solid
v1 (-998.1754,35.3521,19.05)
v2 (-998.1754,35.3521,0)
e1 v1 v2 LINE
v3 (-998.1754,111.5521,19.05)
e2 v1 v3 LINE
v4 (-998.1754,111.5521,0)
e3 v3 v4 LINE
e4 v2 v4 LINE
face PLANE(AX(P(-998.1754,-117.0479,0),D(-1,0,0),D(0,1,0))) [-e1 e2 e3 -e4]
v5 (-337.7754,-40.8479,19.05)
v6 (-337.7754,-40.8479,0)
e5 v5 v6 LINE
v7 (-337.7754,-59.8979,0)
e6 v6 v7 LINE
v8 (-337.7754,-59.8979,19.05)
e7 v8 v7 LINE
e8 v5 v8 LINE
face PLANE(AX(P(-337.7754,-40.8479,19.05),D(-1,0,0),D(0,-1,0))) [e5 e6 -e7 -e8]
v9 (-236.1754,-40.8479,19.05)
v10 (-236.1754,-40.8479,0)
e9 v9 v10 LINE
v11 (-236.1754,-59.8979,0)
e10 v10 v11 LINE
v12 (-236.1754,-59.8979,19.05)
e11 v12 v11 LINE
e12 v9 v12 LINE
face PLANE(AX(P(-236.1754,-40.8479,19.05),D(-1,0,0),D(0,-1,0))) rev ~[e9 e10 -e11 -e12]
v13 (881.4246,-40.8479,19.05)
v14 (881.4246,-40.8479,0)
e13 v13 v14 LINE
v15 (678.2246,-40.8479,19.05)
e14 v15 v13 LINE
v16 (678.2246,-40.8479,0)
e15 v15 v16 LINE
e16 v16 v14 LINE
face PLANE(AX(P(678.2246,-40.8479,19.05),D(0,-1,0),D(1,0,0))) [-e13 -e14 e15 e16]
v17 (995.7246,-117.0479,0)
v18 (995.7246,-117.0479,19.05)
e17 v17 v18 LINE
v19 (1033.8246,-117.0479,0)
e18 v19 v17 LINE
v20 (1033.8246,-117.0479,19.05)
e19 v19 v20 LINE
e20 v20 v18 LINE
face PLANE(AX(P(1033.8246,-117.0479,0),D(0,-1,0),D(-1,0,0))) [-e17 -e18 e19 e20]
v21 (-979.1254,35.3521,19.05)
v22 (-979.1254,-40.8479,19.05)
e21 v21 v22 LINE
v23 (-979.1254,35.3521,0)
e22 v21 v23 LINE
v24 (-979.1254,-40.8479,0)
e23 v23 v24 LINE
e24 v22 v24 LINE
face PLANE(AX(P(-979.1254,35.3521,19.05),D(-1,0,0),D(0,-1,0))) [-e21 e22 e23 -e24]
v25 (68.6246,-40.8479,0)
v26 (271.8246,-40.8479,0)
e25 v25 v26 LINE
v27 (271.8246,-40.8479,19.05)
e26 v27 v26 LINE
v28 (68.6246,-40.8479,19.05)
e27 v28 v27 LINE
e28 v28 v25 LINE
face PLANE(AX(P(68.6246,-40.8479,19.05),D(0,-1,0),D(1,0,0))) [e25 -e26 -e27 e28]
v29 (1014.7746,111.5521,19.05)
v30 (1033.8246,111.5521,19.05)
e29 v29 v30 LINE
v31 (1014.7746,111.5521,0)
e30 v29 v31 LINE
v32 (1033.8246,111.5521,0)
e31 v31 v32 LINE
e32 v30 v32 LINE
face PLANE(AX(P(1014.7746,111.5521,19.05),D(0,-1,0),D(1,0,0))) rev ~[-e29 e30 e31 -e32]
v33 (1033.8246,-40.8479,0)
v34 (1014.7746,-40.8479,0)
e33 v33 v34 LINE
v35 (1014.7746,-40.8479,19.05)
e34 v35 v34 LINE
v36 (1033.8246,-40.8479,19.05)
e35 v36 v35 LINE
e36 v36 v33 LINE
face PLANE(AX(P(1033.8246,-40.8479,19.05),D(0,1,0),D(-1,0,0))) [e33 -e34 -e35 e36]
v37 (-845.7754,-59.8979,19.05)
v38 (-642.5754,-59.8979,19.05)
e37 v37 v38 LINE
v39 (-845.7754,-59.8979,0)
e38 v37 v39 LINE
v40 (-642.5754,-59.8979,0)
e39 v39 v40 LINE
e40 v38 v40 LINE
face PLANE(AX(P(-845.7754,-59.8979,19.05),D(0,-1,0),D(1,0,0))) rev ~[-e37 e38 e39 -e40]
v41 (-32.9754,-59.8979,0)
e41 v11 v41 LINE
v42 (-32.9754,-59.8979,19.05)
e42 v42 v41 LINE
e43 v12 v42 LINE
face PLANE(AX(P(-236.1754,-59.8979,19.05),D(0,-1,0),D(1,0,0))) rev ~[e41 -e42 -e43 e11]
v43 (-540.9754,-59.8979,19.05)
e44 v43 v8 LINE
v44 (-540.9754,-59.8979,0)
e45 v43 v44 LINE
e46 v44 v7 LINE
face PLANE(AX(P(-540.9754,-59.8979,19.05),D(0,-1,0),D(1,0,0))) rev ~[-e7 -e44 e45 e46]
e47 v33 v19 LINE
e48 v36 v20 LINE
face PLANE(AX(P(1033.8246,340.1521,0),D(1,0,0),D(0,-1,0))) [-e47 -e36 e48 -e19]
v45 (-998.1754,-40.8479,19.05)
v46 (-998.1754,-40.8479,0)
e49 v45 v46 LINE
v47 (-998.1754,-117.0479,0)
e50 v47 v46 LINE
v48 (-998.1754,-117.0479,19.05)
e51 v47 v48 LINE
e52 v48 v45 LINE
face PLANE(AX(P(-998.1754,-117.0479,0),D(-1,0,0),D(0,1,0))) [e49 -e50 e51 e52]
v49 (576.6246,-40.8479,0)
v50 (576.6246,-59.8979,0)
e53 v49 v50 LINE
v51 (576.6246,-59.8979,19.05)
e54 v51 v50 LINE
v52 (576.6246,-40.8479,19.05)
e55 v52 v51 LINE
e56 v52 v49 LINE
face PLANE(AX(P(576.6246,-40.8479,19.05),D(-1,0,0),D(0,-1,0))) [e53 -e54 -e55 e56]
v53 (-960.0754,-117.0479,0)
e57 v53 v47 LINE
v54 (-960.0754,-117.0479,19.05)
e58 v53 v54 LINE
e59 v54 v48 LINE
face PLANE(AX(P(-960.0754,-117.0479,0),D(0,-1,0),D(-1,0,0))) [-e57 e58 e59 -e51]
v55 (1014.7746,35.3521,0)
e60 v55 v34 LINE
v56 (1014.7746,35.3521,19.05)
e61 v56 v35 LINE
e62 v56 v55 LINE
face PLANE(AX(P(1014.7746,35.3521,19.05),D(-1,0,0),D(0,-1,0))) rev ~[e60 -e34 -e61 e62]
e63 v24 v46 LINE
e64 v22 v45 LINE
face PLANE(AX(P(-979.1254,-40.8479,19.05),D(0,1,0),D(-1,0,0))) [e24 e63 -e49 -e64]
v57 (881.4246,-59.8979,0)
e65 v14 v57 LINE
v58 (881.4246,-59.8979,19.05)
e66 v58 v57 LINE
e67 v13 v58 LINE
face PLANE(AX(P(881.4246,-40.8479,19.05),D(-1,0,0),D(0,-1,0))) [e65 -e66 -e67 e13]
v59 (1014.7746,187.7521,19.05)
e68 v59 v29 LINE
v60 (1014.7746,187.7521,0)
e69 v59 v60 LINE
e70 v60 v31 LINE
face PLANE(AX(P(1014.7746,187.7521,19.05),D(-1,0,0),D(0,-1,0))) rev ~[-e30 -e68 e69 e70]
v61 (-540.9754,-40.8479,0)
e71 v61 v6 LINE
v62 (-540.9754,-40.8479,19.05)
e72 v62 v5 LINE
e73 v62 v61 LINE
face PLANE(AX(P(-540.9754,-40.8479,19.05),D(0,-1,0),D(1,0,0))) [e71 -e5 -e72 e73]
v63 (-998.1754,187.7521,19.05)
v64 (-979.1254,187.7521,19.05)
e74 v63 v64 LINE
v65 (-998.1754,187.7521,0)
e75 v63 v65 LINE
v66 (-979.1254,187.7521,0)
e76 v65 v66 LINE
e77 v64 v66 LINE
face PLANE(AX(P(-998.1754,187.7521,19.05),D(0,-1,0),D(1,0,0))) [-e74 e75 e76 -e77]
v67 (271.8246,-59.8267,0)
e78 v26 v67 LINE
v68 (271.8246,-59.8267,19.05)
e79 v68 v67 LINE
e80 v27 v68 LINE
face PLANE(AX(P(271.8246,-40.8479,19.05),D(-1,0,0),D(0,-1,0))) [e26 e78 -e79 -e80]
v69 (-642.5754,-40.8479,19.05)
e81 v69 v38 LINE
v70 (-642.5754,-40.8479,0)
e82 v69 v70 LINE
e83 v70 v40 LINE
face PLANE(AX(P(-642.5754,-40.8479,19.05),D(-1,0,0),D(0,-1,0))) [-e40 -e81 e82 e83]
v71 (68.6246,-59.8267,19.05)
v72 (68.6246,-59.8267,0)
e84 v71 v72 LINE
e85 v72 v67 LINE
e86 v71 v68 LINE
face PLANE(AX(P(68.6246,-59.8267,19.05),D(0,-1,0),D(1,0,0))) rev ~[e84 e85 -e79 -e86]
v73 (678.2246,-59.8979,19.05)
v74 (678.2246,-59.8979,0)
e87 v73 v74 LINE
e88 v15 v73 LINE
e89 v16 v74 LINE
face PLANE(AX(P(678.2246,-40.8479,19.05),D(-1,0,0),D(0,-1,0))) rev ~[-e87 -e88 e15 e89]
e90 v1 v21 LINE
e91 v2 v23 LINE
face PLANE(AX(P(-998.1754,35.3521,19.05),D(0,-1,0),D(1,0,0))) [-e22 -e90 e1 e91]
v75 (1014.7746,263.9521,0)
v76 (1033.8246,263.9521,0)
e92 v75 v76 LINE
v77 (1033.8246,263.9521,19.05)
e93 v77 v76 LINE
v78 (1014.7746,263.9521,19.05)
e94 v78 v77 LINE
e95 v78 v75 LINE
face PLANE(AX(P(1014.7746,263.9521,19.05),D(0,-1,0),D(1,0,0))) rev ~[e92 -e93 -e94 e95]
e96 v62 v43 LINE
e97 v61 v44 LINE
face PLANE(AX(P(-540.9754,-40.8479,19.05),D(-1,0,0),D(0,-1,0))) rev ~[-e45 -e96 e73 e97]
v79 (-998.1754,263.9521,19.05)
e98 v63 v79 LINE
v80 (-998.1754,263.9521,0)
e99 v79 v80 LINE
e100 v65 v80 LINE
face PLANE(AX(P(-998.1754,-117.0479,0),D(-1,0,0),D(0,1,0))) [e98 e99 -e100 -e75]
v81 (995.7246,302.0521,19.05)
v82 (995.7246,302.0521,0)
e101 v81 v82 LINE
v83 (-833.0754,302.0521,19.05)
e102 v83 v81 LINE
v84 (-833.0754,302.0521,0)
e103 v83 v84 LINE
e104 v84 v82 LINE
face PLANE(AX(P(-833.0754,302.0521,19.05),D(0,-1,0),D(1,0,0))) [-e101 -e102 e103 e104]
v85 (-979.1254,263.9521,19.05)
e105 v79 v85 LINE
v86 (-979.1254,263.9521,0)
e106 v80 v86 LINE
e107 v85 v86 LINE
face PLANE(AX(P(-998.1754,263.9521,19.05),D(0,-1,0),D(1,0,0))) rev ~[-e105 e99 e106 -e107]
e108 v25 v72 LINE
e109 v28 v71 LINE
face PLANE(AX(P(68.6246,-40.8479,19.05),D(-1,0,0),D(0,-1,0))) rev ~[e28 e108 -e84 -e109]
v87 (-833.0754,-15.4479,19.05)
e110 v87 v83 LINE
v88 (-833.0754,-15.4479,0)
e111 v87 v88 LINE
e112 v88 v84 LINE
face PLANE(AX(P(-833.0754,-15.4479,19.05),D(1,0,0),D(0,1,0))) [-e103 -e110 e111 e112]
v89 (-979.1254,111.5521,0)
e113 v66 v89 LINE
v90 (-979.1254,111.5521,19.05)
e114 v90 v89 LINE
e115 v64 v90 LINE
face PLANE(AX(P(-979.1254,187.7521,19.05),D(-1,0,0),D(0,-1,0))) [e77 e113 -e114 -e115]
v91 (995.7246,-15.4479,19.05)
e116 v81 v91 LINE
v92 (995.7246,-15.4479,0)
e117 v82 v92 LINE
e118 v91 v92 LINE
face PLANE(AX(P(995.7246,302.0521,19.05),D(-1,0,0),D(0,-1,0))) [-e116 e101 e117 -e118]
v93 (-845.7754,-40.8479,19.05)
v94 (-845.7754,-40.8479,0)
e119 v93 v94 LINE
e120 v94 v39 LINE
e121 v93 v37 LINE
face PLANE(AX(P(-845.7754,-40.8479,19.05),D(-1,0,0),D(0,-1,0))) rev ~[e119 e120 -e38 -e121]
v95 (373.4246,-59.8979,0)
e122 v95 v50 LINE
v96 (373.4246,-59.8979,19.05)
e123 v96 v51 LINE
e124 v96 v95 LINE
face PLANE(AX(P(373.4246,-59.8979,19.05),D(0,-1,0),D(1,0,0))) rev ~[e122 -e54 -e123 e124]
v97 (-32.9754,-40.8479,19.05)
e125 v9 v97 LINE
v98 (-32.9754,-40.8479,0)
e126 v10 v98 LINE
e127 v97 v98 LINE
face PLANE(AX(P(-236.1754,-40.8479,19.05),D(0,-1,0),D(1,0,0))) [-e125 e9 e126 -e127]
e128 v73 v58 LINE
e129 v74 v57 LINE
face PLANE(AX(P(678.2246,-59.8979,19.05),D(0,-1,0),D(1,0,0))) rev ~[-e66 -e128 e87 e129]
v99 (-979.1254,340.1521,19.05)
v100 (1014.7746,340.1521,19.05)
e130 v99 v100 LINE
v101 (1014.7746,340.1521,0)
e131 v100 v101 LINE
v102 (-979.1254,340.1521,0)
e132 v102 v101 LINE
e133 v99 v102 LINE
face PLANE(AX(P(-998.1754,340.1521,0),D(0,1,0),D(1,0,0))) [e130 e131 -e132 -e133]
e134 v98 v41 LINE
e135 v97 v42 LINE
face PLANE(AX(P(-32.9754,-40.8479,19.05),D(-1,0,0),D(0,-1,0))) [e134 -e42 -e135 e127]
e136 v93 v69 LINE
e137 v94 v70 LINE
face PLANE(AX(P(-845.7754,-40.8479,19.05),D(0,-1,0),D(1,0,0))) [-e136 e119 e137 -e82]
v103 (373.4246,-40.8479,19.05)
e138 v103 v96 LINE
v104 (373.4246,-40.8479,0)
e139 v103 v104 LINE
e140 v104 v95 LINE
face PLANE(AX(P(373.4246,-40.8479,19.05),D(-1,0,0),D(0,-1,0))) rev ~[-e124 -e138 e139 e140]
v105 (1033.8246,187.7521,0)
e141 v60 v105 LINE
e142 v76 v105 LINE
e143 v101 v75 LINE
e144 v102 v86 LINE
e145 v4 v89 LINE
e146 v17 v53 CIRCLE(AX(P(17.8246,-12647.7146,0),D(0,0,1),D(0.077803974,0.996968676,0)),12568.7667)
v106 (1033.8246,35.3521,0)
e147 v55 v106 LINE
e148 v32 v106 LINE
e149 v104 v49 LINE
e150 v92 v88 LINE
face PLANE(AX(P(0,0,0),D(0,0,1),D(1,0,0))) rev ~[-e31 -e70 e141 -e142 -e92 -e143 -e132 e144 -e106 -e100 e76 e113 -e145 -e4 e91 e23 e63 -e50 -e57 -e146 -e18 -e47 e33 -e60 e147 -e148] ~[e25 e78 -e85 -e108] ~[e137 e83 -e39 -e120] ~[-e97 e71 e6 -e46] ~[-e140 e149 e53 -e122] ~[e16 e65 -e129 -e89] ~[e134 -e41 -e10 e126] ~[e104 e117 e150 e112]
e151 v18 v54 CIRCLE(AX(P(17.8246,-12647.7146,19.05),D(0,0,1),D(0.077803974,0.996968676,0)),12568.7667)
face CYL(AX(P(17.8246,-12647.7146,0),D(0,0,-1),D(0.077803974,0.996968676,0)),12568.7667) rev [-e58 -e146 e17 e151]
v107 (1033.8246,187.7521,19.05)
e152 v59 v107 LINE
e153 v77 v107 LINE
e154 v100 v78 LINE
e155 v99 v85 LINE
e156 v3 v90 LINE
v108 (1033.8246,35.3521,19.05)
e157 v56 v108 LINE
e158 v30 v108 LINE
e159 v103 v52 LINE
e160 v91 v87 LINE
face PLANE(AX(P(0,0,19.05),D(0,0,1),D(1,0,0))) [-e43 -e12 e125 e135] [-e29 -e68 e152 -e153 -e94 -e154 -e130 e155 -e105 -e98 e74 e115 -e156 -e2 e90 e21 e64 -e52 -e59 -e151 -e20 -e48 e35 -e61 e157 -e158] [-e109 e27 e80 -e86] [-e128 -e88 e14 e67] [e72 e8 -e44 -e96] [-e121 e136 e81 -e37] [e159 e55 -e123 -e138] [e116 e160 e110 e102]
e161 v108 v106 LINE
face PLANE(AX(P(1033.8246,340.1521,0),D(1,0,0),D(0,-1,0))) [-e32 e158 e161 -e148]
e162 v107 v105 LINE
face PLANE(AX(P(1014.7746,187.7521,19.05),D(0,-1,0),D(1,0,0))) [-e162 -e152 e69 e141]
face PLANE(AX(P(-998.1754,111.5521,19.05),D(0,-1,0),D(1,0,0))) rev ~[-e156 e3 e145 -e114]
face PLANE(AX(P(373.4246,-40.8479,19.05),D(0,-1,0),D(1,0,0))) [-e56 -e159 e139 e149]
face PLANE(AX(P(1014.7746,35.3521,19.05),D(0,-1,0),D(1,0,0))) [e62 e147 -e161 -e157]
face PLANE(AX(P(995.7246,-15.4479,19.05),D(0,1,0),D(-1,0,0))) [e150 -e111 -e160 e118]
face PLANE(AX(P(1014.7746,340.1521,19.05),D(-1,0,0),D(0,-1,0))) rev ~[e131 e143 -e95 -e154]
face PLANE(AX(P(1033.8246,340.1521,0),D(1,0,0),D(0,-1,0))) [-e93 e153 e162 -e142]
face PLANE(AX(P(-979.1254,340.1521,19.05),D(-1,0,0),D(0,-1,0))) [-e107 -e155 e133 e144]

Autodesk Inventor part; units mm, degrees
ref_plane "YZ Plane" through (0, 0, 0) normal (1, 0, 0) x (0, 1, 0)
ref_plane "XZ Plane" through (0, 0, 0) normal (0, 1, 0) x (-1, 0, 0)
ref_plane "XY Plane" through (0, 0, 0) normal (0, 0, 1) x (1, 0, 0)
sketch "Sketch1" plane through (0, 0, 0) normal (0, 0, 1) x (1, 0, 0)
  line L0 (-998.1754, 340.1521) -> (1033.8246, 340.1521)
  line L1 (1033.8246, 340.1521) -> (1033.8246, -117.0479)
  line L2 (-998.1754, -117.0479) -> (-998.1754, 340.1521)
  arc A0 (995.7246, -117.0479) -> (-960.0754, -117.0479) centre (17.8246, -12647.7146) ccw
  line L3 (1033.8246, -117.0479) -> (995.7246, -117.0479)
  line L4 (-960.0754, -117.0479) -> (-998.1754, -117.0479)
  point P0 (0, 0)
  dimension "d0" = 2032
  dimension "d1" = 457.2
extrude "Extrusion1" add sketch "Sketch1" along normal blind 19.05
sketch "Sketch2" plane through (0, 0, 19.05) normal (0, 0, 1) x (1, 0, 0)
  line L0 (1033.8246, 340.1521) -> (-998.1754, 340.1521) projected
  line L1 (-998.1754, -117.0479) -> (-960.0754, -117.0479) projected
  line L2 (-998.1754, 340.1521) -> (-979.1254, 340.1521)
  line L3 (-979.1254, 340.1521) -> (-979.1254, -117.0479)
  line L4 (-979.1254, -117.0479) -> (-998.1754, -117.0479)
  line L5 (-998.1754, -117.0479) -> (-998.1754, 340.1521)
  line L6 (1033.8246, -117.0479) -> (1033.8246, 340.1521) projected
  line L7 (1033.8246, 340.1521) -> (1014.7746, 340.1521)
  line L8 (1014.7746, 340.1521) -> (1014.7746, -117.0479)
  line L9 (1014.7746, -117.0479) -> (1033.8246, -117.0479)
  line L10 (1033.8246, -117.0479) -> (1033.8246, 340.1521)
  line L11 (-998.1754, 340.1521) -> (-998.1754, -117.0479) projected
  line L12 (-998.1754, 263.9521) -> (-979.1254, 263.9521)
  line L13 (1014.7746, 263.9521) -> (1033.8246, 263.9521)
  line L14 (-998.1754, 187.7521) -> (-979.1254, 187.7521)
  line L15 (1014.7746, 187.7521) -> (1033.8246, 187.7521)
  line L16 (-998.1754, 111.5521) -> (-979.1254, 111.5521)
  line L17 (1014.7746, 111.5521) -> (1033.8246, 111.5521)
  line L18 (-998.1754, 35.3521) -> (-979.1254, 35.3521)
  line L19 (1014.7746, 35.3521) -> (1033.8246, 35.3521)
  line L20 (1033.8246, -40.8479) -> (1014.7746, -40.8479)
  line L21 (-979.1254, -40.8479) -> (-998.1754, -40.8479)
  point P0 (0, 0)
  dimension "d7" = 19.05
  dimension "d8" = 19.05
extrude "Extrusion2" cut sketch "Sketch2" against normal blind 19.05 contours L6 L13 L8 L0 | L3 L12 L5 L0 | L6 L17 L8 L15 | L3 L16 L5 L14 | L6 L20 L8 L19 | L3 L21 L5 L18
sketch "Sketch4" plane through (0, 0, 19.05) normal (0, 0, 1) x (1, 0, 0)
  line L0 (-845.7754, -40.8479) -> (-845.7754, -59.8979)
  line L1 (-998.1754, 111.5521) -> (-998.1754, 35.3521) projected
  line L2 (-642.5754, -40.8479) -> (-642.5754, -59.8979)
  line L3 (-540.9754, -40.8479) -> (-540.9754, -59.8979)
  line L4 (-337.7754, -40.8479) -> (-337.7754, -59.8979)
  line L5 (-236.1754, -40.8479) -> (-236.1754, -59.8979)
  line L6 (-32.9754, -40.8479) -> (-32.9754, -59.8979)
  line L7 (68.6246, -40.8479) -> (68.6246, -59.8267)
  line L8 (271.8246, -40.8479) -> (271.8246, -59.8267)
  line L9 (373.4246, -40.8479) -> (373.4246, -59.8979)
  line L10 (576.6246, -40.8479) -> (576.6246, -59.8979)
  line L11 (678.2246, -40.8479) -> (678.2246, -59.8979)
  line L12 (881.4246, -40.8479) -> (881.4246, -59.8979)
  arc A0 (995.7246, -117.0479) -> (-960.0754, -117.0479) centre (17.8246, -12647.7146) ccw projected
  line L13 (-998.1754, -40.8479) -> (-998.1754, -117.0479) projected
  line L14 (1014.7746, 340.1521) -> (-979.1254, 340.1521) projected
  line L15 (1014.7746, 340.1521) -> (1014.7746, 263.9521) projected
  line L16 (-979.1254, 340.1521) -> (1014.7746, 340.1521)
  line L17 (-845.7754, -40.8479) -> (-642.5754, -40.8479)
  line L18 (-845.7754, -59.8979) -> (-642.5754, -59.8979)
  line L19 (-540.9754, -59.8979) -> (-337.7754, -59.8979)
  line L20 (-540.9754, -40.8479) -> (-337.7754, -40.8479)
  line L21 (-236.1754, -40.8479) -> (-32.9754, -40.8479)
  line L22 (68.6246, -40.8479) -> (271.8246, -40.8479)
  line L23 (373.4246, -59.8979) -> (576.6246, -59.8979)
  line L24 (678.2246, -59.8979) -> (881.4246, -59.8979)
  line L25 (373.4246, -40.8479) -> (576.6246, -40.8479)
  line L26 (678.2246, -40.8479) -> (881.4246, -40.8479)
  line L27 (-236.1754, -59.8979) -> (-32.9754, -59.8979)
  line L28 (68.6246, -59.8267) -> (271.8246, -59.8267)
  point P0 (0, 0)
  dimension "d18" = 152.4
  dimension "d19" = 203.2
  dimension "d26" = 457.2
  dimension "d27" = 203.2
  dimension "d28" = 101.6
  dimension "d29" = 203.2
  dimension "d30" = 101.6
  dimension "d31" = 101.6
  dimension "d32" = 101.6
  dimension "d33" = 203.2
  dimension "d34" = 203.2
  dimension "d35" = 203.2
extrude "Extrusion4" cut sketch "Sketch4" against normal blind 25.4
sketch "Sketch5" plane through (0, 0, 19.05) normal (0, 0, 1) x (1, 0, 0)
  line L0 (-833.0754, 302.0521) -> (995.7246, 302.0521)
  line L1 (995.7246, 302.0521) -> (995.7246, -15.4479)
  line L2 (995.7246, -15.4479) -> (-833.0754, -15.4479)
  line L3 (-833.0754, -15.4479) -> (-833.0754, 302.0521)
  line L4 (1014.7746, 340.1521) -> (-979.1254, 340.1521) projected
  line L5 (1033.8246, 187.7521) -> (1033.8246, 263.9521) projected
  point P0 (0, 0)
  dimension "d36" = 355.6
  dimension "d37" = 38.1
  dimension "d38" = 38.1
  dimension "d39" = 1828.8
extrude "Extrusion5" cut sketch "Sketch5" against normal blind 25.4
properties part number "front" material "Wood (Birch)"
